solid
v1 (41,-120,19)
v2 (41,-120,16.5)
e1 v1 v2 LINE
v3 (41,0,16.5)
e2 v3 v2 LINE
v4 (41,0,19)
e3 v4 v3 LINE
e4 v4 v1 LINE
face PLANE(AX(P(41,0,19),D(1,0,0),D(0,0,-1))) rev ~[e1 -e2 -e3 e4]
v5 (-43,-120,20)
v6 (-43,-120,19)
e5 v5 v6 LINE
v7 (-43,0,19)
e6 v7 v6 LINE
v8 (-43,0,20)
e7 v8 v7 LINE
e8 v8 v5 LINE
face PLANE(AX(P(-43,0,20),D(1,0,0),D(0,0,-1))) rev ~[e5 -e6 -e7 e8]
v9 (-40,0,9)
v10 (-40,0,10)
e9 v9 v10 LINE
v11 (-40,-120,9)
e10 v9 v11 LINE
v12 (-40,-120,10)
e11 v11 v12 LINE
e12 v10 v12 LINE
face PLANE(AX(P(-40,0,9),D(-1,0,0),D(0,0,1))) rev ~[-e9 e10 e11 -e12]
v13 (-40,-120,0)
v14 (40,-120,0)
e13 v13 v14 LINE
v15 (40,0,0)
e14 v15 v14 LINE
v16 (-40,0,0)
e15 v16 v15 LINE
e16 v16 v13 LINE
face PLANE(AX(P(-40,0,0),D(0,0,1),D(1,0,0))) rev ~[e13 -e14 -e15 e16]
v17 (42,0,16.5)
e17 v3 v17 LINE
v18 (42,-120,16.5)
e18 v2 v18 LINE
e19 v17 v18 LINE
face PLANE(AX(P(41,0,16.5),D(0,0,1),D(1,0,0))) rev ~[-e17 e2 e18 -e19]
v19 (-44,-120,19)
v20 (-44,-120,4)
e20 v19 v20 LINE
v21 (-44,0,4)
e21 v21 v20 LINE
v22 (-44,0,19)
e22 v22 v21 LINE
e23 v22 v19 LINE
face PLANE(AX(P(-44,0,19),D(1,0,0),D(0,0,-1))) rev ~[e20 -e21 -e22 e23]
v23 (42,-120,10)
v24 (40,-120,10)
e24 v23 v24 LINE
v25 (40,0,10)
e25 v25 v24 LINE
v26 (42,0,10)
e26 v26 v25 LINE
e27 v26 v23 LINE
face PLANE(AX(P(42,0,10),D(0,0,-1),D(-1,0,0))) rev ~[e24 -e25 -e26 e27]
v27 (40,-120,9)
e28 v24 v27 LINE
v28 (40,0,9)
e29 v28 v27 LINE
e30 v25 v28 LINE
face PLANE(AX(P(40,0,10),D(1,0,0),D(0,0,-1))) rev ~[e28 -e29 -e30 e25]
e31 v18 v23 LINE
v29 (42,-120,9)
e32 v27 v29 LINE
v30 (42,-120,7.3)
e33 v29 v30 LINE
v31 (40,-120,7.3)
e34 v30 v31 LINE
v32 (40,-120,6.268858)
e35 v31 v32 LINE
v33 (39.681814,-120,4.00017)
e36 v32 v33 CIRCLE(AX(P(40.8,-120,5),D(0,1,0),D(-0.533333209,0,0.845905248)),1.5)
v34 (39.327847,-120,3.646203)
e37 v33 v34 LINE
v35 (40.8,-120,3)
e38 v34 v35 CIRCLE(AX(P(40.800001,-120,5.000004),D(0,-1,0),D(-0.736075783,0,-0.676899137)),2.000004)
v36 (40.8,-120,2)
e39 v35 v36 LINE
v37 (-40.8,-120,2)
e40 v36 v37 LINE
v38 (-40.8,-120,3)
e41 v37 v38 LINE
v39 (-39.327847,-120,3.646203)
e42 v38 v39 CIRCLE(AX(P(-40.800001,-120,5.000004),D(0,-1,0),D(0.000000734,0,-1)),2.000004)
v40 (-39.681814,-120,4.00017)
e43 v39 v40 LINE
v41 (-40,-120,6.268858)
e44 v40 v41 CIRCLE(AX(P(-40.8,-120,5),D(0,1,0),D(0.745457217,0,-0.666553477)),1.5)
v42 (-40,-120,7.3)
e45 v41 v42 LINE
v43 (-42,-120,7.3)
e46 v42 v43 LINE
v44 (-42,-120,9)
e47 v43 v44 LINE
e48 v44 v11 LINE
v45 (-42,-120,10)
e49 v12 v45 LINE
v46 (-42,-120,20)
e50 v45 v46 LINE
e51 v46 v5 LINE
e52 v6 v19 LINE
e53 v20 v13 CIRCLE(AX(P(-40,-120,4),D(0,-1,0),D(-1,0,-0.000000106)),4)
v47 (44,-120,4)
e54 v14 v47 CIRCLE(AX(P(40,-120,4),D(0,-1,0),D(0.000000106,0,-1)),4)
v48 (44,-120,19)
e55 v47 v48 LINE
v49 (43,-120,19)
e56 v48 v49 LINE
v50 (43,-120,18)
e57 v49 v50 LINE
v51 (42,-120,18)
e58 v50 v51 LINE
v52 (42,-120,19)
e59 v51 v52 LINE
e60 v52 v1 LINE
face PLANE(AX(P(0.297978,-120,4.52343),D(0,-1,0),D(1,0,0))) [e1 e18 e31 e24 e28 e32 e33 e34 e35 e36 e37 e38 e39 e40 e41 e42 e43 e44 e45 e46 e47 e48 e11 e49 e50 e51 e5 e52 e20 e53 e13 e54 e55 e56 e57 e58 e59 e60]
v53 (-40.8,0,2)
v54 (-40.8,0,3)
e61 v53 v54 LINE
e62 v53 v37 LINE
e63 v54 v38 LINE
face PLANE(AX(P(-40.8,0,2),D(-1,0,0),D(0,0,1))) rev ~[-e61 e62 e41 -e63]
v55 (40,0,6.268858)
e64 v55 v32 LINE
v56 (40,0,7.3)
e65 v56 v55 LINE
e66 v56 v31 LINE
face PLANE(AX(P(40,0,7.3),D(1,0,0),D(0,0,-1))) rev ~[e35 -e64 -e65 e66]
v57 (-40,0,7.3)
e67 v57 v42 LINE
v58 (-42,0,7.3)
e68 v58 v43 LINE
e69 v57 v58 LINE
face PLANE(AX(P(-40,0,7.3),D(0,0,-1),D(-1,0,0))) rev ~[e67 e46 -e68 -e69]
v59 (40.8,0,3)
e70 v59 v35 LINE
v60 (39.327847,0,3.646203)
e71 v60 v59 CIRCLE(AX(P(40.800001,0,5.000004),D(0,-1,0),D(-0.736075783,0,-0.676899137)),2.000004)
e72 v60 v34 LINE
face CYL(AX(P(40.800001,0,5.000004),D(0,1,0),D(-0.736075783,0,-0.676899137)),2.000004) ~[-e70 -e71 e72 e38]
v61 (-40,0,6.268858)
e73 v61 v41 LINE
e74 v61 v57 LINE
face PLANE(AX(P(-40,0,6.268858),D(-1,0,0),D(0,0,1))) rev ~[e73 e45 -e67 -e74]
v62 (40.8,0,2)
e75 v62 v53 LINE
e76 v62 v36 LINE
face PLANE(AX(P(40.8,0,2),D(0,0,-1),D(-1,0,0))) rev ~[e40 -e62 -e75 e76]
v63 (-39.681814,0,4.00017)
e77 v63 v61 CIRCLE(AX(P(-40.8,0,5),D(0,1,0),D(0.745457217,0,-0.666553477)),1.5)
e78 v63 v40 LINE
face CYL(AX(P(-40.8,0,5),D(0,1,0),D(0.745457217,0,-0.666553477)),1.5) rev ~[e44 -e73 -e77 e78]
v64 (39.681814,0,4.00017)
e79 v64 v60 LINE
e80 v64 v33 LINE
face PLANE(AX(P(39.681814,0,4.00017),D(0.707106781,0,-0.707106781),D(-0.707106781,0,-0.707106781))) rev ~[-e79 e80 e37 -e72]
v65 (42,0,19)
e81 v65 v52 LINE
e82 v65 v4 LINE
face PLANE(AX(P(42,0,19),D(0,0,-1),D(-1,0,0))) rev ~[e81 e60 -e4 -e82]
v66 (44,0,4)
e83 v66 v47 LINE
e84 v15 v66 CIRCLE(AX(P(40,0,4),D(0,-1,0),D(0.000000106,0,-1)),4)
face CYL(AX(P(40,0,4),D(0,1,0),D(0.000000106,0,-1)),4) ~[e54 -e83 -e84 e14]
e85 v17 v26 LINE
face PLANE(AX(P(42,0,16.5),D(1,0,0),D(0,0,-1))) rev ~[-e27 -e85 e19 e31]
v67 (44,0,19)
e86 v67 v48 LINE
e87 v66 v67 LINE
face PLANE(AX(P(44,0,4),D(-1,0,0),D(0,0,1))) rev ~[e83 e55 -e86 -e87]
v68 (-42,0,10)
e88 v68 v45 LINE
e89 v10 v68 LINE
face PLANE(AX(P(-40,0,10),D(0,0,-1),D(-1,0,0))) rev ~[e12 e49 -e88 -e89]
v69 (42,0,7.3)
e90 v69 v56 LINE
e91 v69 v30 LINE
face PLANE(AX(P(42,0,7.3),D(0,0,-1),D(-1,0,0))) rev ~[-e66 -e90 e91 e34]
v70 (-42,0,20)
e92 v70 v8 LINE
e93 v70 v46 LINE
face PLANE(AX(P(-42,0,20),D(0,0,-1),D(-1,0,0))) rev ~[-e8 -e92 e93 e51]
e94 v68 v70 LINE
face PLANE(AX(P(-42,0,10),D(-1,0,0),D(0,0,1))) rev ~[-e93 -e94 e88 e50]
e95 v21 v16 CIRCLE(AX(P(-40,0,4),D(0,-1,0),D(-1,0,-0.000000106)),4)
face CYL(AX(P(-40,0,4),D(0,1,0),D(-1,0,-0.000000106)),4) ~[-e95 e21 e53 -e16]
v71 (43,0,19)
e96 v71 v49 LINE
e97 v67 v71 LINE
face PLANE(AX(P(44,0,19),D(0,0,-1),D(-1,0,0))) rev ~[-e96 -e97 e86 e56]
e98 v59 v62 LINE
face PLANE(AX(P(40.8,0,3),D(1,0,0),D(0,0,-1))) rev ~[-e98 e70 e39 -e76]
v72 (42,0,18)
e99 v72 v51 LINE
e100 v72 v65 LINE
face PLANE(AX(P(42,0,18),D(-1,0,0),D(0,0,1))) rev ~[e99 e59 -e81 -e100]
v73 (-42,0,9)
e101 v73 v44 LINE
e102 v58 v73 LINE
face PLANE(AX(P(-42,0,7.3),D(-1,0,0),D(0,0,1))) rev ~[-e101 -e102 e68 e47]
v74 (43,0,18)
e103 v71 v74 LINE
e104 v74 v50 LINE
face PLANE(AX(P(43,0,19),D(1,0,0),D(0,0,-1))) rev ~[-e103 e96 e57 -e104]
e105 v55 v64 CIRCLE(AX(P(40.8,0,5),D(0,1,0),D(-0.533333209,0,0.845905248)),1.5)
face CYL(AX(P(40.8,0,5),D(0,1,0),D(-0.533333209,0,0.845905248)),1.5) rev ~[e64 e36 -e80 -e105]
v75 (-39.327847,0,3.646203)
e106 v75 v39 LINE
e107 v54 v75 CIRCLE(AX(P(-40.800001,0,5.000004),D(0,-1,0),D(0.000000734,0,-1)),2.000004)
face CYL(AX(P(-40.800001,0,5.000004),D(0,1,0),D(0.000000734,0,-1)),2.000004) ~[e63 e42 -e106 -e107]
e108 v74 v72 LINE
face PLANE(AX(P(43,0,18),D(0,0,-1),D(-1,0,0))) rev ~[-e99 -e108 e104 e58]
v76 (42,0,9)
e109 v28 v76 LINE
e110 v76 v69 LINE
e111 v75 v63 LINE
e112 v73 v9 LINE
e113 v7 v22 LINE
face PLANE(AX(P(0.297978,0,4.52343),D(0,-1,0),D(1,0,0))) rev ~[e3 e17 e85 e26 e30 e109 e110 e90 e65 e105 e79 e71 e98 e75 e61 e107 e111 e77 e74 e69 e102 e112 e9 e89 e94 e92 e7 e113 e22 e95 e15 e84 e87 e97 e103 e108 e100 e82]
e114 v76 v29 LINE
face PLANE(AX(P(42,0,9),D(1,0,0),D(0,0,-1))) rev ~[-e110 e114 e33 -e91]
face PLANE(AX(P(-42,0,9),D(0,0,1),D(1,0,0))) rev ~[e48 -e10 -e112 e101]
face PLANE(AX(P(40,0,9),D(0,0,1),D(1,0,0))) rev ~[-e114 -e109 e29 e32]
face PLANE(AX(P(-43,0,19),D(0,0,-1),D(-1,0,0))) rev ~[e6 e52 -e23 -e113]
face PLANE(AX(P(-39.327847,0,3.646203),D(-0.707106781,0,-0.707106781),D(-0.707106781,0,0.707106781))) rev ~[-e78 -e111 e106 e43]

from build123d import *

# Parameters (mm, degrees)
F1_DEPTH = 120


with BuildPart() as f1:
    # F0 (on Front) → F1 (new body)
    with BuildSketch(Plane.XZ):
        with BuildLine():
            ThreePointArc((-44, 4), (-42.828427, 1.171573), (-40, 0))
            Line((-40, 0), (40, 0))
            ThreePointArc((40, 0), (42.828427, 1.171573), (44, 4))
            Line((44, 4), (44, 19))
            Line((44, 19), (43, 19))
            Line((43, 19), (43, 18))
            Line((43, 18), (42, 18))
            Line((42, 18), (42, 19))
            Line((42, 19), (41, 19))
            Line((41, 19), (41, 16.5))
            Line((41, 16.5), (42, 16.5))
            Line((42, 16.5), (42, 10))
            Line((42, 10), (40, 10))
            Line((40, 10), (40, 9))
            Line((40, 9), (42, 9))
            Line((42, 9), (42, 7.3))
            Line((42, 7.3), (40, 7.3))
            Line((40, 7.3), (40, 6.268858))
            ThreePointArc((40, 6.268858), (42.285461, 4.791662), (39.681814, 4.00017))
            Line((39.681814, 4.00017), (39.327847, 3.646203))
            ThreePointArc((39.327847, 3.646203), (39.996132, 3.168663), (40.8, 3))
            Line((40.8, 3), (40.8, 2))
            Line((40.8, 2), (-40.8, 2))
            Line((-40.8, 2), (-40.8, 3))
            ThreePointArc((-40.8, 3), (-39.996132, 3.168663), (-39.327847, 3.646203))
            Line((-39.327847, 3.646203), (-39.681814, 4.00017))
            ThreePointArc((-39.681814, 4.00017), (-42.285461, 4.791662), (-40, 6.268858))
            Line((-40, 6.268858), (-40, 7.3))
            Line((-40, 7.3), (-42, 7.3))
            Line((-42, 7.3), (-42, 9))
            Line((-42, 9), (-40, 9))
            Line((-40, 9), (-40, 10))
            Line((-40, 10), (-42, 10))
            Line((-42, 10), (-42, 20))
            Line((-42, 20), (-43, 20))
            Line((-43, 20), (-43, 19))
            Line((-43, 19), (-44, 19))
            Line((-44, 19), (-44, 4))
        make_face()
    extrude(amount=F1_DEPTH)


solid = f1.part
